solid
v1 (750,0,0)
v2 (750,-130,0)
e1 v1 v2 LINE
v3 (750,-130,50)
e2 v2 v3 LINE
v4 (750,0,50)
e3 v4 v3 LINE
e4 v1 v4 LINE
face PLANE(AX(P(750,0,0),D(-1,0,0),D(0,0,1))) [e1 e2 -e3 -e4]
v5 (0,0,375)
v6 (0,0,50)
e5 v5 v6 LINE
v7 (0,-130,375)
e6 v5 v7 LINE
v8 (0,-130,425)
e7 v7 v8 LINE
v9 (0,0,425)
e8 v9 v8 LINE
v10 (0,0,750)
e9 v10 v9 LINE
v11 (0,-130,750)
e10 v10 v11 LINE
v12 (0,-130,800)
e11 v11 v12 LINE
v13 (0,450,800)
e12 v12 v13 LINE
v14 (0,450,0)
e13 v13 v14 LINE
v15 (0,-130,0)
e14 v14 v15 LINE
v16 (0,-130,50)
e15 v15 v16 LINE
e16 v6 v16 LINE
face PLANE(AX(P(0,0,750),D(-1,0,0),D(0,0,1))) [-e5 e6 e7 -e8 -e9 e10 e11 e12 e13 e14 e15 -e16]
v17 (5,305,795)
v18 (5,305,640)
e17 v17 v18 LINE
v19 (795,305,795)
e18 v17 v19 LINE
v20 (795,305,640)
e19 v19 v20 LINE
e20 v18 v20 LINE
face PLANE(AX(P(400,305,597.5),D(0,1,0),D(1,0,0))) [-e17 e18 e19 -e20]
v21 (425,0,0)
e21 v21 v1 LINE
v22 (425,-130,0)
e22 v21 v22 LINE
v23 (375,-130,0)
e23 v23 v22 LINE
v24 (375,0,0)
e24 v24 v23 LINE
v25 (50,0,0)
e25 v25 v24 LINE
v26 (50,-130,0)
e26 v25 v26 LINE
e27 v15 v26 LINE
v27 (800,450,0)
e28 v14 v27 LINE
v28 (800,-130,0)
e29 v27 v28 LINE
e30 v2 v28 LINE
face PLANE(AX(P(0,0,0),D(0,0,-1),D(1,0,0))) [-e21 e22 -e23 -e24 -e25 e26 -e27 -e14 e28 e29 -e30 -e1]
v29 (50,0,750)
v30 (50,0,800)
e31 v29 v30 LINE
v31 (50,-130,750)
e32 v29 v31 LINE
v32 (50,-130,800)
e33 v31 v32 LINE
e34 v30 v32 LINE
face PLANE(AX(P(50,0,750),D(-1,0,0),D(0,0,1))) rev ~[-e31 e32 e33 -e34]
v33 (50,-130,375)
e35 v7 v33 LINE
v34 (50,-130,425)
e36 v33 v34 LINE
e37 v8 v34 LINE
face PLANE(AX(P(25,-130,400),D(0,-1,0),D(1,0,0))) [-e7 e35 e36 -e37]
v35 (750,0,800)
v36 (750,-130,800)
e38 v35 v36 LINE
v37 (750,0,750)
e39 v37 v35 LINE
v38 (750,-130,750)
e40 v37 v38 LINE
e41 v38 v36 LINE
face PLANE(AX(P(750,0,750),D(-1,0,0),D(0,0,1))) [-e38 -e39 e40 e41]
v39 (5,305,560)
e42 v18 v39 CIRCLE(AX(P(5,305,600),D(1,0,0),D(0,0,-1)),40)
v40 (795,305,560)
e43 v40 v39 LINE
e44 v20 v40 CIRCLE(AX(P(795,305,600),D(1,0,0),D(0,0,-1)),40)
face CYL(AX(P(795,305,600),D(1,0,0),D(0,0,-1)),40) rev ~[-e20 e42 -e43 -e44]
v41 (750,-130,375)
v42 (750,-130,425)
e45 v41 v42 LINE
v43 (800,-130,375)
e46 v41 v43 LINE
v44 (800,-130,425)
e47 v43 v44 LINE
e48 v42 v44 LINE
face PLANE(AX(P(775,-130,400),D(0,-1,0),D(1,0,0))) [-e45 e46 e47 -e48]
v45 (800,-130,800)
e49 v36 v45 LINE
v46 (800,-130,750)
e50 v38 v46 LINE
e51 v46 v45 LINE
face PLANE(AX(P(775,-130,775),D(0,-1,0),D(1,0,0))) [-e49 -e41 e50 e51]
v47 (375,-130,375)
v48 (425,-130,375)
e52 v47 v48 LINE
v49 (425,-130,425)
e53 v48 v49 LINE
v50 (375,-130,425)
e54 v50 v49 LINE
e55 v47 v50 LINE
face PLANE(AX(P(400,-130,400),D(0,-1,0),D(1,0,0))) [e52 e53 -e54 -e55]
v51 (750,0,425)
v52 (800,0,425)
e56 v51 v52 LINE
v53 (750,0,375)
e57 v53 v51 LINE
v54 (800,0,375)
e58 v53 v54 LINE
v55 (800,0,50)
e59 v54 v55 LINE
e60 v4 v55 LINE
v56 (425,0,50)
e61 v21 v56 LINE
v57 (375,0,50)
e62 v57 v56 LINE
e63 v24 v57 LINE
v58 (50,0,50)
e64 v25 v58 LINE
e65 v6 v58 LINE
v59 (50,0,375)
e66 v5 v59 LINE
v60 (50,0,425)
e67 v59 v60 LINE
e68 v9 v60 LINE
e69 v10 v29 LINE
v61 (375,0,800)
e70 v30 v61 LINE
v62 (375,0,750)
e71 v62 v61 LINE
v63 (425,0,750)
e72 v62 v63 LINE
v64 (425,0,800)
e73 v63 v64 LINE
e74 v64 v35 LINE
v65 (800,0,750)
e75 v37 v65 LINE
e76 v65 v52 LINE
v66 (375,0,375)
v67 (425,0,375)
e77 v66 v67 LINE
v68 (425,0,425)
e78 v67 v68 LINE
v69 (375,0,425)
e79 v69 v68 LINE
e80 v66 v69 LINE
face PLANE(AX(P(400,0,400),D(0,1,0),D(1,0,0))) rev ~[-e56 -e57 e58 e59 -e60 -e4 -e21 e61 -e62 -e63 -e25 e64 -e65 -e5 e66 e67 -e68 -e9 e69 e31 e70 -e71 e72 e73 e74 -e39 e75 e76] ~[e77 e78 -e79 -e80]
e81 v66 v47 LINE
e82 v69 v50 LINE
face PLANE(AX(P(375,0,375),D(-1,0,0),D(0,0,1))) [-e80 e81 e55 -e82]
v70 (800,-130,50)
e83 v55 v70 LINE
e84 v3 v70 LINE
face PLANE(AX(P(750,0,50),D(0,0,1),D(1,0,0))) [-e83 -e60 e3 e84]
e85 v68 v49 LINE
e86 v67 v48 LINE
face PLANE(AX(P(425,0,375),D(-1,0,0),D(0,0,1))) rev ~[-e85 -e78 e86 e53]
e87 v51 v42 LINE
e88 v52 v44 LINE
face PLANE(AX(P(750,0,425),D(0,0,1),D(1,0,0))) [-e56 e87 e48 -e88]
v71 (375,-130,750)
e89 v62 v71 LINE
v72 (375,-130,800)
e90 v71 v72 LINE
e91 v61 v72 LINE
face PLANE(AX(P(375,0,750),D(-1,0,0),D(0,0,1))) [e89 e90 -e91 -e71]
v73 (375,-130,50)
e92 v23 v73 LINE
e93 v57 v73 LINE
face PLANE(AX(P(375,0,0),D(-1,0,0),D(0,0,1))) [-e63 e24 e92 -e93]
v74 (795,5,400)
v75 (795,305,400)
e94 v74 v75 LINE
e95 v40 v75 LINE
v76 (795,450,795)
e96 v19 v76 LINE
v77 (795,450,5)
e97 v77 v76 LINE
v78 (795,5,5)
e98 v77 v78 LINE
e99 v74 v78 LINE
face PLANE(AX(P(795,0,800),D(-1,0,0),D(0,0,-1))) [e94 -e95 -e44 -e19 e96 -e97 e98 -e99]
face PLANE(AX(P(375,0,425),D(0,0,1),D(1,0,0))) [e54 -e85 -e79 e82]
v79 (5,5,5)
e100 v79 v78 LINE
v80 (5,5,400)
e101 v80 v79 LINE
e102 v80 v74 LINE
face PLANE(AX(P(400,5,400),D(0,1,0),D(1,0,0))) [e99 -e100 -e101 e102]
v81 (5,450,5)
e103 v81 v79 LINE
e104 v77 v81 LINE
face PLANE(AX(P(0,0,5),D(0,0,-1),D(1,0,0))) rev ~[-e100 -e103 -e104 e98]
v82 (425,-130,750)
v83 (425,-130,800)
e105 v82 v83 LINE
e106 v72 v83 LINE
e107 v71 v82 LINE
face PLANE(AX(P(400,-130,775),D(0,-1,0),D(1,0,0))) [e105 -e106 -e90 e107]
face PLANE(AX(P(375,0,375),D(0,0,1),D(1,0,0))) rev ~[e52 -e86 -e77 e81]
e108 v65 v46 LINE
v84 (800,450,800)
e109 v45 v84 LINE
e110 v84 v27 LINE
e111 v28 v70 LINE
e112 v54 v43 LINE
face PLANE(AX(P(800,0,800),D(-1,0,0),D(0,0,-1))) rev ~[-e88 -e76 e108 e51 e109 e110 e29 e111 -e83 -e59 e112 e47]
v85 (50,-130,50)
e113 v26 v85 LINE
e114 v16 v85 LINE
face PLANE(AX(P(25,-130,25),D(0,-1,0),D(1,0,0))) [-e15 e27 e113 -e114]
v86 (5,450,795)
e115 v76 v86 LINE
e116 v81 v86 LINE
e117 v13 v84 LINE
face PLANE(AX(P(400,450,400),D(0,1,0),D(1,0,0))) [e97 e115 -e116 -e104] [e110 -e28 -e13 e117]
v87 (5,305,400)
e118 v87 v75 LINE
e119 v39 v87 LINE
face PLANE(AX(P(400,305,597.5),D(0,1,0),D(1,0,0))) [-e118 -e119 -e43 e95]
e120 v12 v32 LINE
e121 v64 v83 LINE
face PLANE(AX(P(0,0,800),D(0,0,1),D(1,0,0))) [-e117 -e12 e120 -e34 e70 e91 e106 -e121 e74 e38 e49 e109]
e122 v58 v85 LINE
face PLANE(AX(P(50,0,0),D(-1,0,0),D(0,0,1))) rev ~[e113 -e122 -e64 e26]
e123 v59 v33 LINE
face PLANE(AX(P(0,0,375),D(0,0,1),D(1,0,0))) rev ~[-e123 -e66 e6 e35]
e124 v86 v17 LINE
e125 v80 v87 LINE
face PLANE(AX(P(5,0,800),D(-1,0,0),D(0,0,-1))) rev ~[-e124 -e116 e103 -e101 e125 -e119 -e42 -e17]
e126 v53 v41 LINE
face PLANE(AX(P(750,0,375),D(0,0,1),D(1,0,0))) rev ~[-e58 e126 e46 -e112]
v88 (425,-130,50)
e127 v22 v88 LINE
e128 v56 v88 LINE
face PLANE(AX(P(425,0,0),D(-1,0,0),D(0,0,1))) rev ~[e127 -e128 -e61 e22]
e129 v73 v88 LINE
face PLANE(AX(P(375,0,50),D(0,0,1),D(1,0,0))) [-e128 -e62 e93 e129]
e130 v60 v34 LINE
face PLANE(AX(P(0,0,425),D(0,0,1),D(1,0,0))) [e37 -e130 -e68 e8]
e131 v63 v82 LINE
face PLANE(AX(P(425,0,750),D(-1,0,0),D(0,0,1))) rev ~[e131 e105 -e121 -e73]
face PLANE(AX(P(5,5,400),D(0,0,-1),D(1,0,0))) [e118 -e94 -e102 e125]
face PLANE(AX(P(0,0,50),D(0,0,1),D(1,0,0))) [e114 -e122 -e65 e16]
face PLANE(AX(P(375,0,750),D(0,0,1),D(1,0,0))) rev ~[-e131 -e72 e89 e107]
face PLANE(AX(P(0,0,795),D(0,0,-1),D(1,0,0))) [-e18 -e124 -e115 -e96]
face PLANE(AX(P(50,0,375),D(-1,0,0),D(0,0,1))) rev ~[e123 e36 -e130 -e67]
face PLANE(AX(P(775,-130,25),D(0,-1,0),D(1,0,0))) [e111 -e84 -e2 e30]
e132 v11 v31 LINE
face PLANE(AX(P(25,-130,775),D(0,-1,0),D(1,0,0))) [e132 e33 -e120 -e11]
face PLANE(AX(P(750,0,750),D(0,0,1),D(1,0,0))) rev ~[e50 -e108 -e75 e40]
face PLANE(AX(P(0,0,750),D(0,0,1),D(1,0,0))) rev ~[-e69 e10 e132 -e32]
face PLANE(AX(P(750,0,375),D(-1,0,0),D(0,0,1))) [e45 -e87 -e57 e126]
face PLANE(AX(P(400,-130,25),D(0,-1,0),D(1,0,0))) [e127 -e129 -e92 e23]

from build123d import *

# Parameters (mm, degrees)
SKETCH1_W           = 800
SKETCH1_H           = 800
BOSS_EXTRUDE1_DEPTH = 450
SHELL1_T            = -5
SKETCH2_W           = 790
SKETCH2_H           = 395
BOSS_EXTRUDE2_DEPTH = 300
CUT_EXTRUDE1_START  = -5
SKETCH3_R           = 40
CUT_EXTRUDE1_DEPTH  = 790
SKETCH4_W           = 50
SKETCH4_H           = 50
BOSS_EXTRUDE3_DEPTH = 130


with BuildPart() as part:
    # Sketch1 → Boss-Extrude1 (new body)
    with BuildSketch(Plane(origin=(0, 0, 0), x_dir=(1, 0, 0), z_dir=(0, 1, 0))):
        with Locations((400, -400)):
            Rectangle(SKETCH1_W, SKETCH1_H)
    extrude(amount=BOSS_EXTRUDE1_DEPTH)

    # Shell1
    shell1_openings = [part.faces().sort_by_distance(p)[0] for p in [
        (400, 450, 400),
    ]]
    offset(amount=SHELL1_T, openings=shell1_openings, kind=Kind.INTERSECTION)

    # Sketch2 → Boss-Extrude2 (add)
    with BuildSketch(Plane(origin=(0, 5, 0), x_dir=(1, 0, 0), z_dir=(0, 1, 0))):
        with Locations((400, -597.5)):
            Rectangle(SKETCH2_W, SKETCH2_H)
    extrude(amount=BOSS_EXTRUDE2_DEPTH)

    # Sketch3 → Cut-Extrude1 (cut)
    with BuildSketch(Plane(origin=(800, 0, 0), x_dir=(0, 0, -1), z_dir=(1, 0, 0)).offset(CUT_EXTRUDE1_START)):
        with Locations((-600, 305)):
            Circle(SKETCH3_R)
    extrude(amount=-CUT_EXTRUDE1_DEPTH, mode=Mode.SUBTRACT)

    # Sketch4 → Boss-Extrude3 (add)
    with BuildSketch(Plane.XZ):
        with Locations((25, 775)):
            Rectangle(SKETCH4_W, SKETCH4_H)
        with Locations((400, 775)):
            Rectangle(SKETCH4_W, SKETCH4_H)
        with Locations((775, 775)):
            Rectangle(SKETCH4_W, SKETCH4_H)
        with Locations((400, 400)):
            Rectangle(SKETCH4_W, SKETCH4_H)
        with Locations((775, 400)):
            Rectangle(SKETCH4_W, SKETCH4_H)
        with Locations((400, 25)):
            Rectangle(SKETCH4_W, SKETCH4_H)
        with Locations((775, 25)):
            Rectangle(SKETCH4_W, SKETCH4_H)
        with Locations((25, 400)):
            Rectangle(SKETCH4_W, SKETCH4_H)
        with Locations((25, 25)):
            Rectangle(SKETCH4_W, SKETCH4_H)
    extrude(amount=BOSS_EXTRUDE3_DEPTH)


solid = part.part
